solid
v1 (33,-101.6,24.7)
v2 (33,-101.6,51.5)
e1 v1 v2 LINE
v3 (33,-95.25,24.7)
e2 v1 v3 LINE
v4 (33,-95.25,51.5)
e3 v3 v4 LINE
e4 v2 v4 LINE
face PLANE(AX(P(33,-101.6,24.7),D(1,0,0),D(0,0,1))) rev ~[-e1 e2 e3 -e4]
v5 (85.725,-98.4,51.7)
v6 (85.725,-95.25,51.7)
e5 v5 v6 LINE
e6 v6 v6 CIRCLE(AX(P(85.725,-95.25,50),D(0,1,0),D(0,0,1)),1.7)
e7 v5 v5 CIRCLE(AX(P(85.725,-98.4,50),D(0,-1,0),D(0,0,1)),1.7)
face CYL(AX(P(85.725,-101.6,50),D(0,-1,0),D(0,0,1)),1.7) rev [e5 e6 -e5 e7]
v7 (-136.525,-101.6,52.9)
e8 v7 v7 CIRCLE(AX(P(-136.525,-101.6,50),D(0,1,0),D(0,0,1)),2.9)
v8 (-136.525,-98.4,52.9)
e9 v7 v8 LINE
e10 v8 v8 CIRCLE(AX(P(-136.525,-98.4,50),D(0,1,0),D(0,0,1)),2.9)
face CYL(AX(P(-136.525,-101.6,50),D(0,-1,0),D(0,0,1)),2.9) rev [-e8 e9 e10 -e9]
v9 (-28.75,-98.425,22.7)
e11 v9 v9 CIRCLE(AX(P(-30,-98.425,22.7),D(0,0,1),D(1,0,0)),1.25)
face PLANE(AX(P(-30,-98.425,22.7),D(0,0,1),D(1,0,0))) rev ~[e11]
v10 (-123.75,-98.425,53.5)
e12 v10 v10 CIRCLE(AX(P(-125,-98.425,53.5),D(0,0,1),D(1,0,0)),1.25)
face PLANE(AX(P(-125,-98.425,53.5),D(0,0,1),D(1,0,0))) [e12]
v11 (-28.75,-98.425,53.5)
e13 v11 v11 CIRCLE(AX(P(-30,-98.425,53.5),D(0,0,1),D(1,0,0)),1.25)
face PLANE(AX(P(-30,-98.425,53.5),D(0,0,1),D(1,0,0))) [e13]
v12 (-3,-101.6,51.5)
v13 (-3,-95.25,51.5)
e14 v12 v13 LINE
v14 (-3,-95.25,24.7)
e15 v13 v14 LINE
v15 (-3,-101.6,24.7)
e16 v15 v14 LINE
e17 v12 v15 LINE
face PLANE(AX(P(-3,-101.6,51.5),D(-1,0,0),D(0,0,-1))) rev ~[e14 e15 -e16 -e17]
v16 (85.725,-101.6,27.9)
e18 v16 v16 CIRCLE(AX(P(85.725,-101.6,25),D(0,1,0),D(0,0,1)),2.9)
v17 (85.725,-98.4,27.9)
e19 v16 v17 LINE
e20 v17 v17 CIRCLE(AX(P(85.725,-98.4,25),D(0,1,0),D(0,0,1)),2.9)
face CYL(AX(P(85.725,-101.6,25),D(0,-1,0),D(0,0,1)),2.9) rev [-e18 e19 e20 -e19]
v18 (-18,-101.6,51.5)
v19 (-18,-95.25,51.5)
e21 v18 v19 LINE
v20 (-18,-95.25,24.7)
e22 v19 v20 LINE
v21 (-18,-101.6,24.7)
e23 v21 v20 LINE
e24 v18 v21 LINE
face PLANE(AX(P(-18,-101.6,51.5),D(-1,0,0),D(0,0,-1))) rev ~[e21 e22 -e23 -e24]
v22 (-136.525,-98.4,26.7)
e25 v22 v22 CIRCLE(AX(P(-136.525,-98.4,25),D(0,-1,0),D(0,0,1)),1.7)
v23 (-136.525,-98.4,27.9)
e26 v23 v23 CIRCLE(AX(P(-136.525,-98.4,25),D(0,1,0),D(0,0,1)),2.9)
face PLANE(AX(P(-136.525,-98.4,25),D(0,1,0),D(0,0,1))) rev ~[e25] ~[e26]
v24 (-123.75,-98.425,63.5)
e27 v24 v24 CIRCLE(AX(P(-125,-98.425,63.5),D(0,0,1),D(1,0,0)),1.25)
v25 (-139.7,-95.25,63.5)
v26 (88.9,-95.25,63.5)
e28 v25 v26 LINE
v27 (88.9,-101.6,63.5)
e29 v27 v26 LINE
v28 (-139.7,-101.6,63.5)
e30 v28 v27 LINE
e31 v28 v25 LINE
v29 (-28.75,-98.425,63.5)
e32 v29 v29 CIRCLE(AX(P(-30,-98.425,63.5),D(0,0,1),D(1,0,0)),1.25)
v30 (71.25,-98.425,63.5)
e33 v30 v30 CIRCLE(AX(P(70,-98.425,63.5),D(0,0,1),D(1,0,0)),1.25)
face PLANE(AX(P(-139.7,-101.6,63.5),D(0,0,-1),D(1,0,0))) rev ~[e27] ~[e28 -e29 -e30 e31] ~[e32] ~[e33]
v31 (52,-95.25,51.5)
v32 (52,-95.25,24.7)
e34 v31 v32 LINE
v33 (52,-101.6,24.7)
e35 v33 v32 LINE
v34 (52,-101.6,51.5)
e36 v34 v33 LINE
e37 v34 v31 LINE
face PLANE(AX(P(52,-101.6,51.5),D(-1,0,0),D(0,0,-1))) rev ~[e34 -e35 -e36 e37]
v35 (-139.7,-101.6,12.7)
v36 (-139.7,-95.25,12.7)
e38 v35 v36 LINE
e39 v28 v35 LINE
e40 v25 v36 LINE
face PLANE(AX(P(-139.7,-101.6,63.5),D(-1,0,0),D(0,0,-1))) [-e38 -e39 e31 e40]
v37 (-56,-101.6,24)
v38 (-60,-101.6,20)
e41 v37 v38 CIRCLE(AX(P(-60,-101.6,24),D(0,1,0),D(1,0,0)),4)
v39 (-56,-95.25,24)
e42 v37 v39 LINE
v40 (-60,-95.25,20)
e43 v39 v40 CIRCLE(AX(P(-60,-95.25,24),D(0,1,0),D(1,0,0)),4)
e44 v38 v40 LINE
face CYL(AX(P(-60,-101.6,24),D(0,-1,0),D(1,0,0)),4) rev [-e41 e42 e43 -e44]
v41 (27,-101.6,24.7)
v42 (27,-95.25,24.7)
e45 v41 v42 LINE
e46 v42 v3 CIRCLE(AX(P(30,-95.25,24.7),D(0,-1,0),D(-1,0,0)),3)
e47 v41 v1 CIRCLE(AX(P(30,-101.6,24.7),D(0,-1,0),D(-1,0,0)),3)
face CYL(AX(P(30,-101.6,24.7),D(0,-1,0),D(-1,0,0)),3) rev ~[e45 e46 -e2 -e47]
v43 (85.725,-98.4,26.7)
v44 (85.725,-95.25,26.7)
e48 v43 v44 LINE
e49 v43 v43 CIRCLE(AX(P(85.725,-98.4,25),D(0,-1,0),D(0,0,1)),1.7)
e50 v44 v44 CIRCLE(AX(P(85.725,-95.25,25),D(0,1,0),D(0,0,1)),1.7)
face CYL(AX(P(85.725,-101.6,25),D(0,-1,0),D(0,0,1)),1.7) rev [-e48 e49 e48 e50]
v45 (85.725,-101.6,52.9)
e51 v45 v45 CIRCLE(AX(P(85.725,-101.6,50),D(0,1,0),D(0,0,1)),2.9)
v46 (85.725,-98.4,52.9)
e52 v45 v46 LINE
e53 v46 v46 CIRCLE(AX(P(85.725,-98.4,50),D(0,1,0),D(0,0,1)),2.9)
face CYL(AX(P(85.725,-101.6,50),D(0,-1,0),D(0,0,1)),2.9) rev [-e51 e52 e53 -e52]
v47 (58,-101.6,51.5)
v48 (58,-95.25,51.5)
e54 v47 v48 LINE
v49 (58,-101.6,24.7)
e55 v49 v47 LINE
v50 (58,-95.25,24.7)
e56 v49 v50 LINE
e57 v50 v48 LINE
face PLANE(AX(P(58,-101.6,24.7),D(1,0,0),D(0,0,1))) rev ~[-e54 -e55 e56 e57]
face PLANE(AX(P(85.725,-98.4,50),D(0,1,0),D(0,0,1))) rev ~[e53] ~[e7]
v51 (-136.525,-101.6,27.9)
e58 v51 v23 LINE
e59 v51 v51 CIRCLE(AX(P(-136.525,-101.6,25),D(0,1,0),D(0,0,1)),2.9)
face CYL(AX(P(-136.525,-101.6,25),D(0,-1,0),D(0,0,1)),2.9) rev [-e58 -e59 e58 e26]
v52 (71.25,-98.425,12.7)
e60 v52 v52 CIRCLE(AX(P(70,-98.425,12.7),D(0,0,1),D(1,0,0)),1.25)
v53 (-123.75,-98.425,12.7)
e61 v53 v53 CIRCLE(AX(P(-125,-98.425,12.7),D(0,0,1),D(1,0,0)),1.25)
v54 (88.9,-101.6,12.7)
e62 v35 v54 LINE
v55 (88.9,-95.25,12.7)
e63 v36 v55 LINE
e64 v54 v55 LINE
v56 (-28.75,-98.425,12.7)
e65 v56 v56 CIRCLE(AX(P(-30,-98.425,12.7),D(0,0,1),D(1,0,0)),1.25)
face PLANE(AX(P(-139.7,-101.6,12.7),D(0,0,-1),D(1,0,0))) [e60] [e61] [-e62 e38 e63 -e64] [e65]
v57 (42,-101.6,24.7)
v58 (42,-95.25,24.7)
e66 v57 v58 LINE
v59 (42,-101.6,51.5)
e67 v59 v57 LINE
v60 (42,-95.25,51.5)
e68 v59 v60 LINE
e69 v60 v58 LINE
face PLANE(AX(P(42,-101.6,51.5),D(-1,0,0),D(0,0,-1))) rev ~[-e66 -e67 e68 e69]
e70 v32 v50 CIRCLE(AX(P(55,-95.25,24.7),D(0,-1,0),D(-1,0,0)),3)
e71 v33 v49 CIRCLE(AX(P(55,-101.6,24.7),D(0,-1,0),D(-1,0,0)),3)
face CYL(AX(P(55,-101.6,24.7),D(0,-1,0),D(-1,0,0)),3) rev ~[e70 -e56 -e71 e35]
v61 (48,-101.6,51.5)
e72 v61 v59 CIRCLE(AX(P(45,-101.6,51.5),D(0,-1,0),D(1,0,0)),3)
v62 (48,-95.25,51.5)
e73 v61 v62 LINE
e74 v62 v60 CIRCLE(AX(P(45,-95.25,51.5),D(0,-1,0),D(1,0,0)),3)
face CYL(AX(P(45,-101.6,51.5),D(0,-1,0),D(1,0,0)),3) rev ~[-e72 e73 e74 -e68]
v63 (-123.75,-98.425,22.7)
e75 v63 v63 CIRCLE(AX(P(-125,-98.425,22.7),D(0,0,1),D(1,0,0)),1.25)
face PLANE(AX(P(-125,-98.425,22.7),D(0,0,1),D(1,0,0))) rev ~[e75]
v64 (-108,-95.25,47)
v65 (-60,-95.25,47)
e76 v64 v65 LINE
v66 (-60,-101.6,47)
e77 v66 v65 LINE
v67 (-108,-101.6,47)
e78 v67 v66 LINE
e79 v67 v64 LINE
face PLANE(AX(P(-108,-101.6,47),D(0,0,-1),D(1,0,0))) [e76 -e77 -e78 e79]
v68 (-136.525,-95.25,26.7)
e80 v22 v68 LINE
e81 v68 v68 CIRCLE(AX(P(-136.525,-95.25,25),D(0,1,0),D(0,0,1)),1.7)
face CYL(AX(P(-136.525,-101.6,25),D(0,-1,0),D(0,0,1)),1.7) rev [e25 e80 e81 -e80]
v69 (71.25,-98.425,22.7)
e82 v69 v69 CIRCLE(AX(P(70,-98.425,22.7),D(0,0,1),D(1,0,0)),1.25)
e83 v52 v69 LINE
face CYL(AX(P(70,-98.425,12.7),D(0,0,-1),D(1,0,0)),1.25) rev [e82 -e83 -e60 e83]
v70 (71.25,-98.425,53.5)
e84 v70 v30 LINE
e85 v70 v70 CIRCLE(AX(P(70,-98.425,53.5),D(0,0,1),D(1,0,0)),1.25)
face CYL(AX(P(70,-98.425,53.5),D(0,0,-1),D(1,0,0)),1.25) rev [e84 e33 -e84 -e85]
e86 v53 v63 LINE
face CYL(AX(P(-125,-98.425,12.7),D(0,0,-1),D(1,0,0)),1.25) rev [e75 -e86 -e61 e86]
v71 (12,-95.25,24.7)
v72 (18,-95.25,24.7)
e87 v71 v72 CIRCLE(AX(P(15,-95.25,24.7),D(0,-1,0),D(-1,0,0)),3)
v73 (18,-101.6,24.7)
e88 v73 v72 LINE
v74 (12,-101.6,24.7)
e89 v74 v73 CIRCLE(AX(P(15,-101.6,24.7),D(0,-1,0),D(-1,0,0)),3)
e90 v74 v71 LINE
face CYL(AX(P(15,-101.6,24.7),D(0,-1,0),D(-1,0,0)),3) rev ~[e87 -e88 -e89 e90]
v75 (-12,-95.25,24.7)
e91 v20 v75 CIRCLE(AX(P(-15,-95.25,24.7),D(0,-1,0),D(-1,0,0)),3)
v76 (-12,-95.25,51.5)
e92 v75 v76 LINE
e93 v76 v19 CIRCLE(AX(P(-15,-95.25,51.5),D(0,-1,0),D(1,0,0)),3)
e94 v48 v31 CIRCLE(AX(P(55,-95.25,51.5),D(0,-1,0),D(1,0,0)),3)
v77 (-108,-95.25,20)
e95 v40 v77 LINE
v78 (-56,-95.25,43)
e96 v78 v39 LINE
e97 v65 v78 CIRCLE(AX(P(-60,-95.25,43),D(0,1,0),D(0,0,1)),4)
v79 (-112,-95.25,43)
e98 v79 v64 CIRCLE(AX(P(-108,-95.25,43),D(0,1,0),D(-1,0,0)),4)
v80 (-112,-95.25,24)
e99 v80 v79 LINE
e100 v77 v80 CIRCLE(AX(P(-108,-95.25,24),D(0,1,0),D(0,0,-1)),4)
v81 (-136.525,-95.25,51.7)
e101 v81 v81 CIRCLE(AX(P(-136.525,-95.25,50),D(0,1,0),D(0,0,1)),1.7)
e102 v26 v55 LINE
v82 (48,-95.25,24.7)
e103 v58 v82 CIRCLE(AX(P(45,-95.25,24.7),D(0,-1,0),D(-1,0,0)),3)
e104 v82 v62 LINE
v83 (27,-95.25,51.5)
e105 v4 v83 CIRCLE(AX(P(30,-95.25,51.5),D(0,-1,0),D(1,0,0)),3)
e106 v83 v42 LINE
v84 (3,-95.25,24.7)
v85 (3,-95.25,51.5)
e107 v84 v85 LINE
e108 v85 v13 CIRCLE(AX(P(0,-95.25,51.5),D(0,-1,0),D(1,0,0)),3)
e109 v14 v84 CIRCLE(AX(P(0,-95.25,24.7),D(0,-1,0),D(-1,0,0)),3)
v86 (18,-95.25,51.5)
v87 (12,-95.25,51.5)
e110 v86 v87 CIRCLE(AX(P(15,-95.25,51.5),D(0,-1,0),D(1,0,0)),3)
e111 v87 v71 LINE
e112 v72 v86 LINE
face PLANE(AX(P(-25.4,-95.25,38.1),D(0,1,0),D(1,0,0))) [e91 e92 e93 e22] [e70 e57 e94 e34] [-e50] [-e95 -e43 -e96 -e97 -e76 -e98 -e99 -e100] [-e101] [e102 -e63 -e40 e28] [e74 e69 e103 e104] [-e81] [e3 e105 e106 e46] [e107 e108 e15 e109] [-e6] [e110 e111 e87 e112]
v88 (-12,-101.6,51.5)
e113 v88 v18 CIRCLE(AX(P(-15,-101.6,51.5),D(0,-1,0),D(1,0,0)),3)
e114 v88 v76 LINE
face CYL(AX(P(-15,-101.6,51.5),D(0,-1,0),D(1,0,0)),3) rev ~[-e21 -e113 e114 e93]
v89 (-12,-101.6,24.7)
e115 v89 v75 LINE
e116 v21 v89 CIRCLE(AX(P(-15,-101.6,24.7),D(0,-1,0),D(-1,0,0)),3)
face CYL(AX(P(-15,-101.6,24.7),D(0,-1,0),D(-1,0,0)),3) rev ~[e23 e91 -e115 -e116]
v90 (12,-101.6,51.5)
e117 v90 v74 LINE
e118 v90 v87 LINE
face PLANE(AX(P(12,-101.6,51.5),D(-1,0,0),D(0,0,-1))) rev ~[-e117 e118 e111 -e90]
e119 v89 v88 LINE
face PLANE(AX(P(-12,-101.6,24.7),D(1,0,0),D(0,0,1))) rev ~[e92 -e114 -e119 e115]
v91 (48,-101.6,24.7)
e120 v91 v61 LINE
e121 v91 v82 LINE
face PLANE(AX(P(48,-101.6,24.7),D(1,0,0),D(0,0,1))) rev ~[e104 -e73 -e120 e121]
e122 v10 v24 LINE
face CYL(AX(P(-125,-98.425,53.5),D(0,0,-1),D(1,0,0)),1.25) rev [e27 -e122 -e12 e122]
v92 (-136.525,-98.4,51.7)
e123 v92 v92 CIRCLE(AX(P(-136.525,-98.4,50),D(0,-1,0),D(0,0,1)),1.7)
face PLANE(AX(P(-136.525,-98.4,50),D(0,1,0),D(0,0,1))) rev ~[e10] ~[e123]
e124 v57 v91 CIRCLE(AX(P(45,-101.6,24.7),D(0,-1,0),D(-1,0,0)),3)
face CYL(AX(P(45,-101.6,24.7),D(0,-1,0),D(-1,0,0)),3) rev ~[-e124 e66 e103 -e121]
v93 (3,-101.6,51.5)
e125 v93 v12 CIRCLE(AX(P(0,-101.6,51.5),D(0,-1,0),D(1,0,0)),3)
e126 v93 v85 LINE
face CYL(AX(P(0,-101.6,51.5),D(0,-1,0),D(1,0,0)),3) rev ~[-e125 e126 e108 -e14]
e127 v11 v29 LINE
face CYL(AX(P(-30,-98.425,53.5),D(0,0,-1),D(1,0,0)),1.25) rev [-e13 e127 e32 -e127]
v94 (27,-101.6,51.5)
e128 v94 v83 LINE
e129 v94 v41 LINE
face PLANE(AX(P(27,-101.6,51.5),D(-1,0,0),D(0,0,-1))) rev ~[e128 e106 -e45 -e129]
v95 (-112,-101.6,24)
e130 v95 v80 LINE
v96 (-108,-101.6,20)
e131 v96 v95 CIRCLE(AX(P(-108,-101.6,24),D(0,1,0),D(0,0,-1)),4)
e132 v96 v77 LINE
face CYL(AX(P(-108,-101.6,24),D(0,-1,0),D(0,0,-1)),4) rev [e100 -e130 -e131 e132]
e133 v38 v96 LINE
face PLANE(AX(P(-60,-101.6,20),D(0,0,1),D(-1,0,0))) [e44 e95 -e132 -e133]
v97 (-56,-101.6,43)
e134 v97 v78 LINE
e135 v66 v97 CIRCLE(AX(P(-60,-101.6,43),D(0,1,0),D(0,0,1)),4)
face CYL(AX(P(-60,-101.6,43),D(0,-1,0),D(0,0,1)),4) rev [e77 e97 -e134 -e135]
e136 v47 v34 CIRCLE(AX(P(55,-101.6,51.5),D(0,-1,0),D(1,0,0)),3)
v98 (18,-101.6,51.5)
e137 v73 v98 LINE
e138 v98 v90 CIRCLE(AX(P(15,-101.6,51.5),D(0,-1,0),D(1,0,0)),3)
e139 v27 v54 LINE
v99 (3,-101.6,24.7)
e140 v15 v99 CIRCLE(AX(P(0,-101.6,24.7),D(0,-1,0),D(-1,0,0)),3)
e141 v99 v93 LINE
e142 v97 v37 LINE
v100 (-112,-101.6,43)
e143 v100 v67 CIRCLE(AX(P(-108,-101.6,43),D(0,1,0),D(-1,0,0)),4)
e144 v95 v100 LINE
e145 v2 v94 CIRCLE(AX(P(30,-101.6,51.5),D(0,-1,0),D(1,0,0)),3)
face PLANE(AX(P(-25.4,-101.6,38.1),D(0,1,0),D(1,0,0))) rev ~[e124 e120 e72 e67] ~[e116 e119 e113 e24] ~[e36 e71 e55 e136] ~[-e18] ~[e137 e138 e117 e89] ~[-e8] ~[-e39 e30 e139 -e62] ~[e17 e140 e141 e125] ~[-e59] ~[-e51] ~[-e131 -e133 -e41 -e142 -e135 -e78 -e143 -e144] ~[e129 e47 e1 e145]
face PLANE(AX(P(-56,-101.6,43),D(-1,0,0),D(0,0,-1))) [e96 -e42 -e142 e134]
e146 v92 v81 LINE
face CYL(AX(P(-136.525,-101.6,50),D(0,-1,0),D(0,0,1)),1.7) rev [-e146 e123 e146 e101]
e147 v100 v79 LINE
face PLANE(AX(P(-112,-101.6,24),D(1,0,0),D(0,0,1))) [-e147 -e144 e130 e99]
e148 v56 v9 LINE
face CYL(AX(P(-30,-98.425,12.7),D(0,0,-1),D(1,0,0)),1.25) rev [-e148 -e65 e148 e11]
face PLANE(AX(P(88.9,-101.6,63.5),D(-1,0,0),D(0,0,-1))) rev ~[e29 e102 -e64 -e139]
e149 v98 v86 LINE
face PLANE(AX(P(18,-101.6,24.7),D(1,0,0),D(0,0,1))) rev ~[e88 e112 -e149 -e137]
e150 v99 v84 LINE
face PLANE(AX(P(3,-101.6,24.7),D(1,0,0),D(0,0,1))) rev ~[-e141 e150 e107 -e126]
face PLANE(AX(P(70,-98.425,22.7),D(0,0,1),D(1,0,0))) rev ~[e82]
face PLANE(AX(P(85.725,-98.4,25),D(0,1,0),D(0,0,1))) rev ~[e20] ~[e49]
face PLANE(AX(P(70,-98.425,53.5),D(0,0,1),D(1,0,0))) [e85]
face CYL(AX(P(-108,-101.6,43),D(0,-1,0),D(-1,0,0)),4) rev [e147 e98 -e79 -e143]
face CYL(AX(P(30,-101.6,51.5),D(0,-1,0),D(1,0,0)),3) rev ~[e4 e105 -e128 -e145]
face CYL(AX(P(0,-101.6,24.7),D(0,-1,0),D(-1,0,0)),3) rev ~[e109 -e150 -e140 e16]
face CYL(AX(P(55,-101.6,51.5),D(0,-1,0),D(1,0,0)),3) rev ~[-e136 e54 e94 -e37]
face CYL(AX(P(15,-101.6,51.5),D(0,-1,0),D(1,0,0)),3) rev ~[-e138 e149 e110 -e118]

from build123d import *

# Parameters (mm, degrees)
PARED_Y_1_4IN_START          = -101.6
CROQUIS1_W                   = 228.6
CROQUIS1_H                   = 50.8
PARED_Y_1_4IN_DEPTH          = 6.35
ROSCA_M3_INFERIOR_START      = 12.7
CROQUIS2_R                   = 1.25
ROSCA_M3_INFERIOR_DEPTH      = 10
ROSCA_M3_SUPERIOR_START      = 53.5
CROQUIS3_R                   = 1.25
ROSCA_M3_SUPERIOR_DEPTH      = 10
BARRENOS_M3_ESQUINAS_START   = -101.6
CROQUIS4_R                   = 1.7
BARRENOS_M3_ESQUINAS_DEPTH   = 6.35
REFRENTADO_M3_ESQUINAS_START = -101.6
CROQUIS5_R                   = 2.9
REFRENTADO_M3_ESQUINAS_DEPTH = 3.2
VENTANA_PUERTOS_RPI5_START   = -101.6
VENTANA_PUERTOS_RPI5_DEPTH   = 6.35
RANURAS_VENTILACION_START    = -101.6
RANURAS_VENTILACION_DEPTH    = 6.35


with BuildPart() as part:
    # Croquis1 → Pared_-Y_1-4in (new body)
    with BuildSketch(Plane(origin=(0, 0, 0), x_dir=(1, 0, 0), z_dir=(0, 1, 0)).offset(PARED_Y_1_4IN_START)):
        with Locations((-25.4, -38.1)):
            Rectangle(CROQUIS1_W, CROQUIS1_H)
    extrude(amount=PARED_Y_1_4IN_DEPTH)

    # Croquis2 → Rosca_M3_inferior (cut)
    with BuildSketch(Plane.XY.offset(ROSCA_M3_INFERIOR_START)):
        with Locations((-125, -98.425)):
            Circle(CROQUIS2_R)
        with Locations((-30, -98.425)):
            Circle(CROQUIS2_R)
        with Locations((70, -98.425)):
            Circle(CROQUIS2_R)
    extrude(amount=ROSCA_M3_INFERIOR_DEPTH, mode=Mode.SUBTRACT)

    # Croquis3 → Rosca_M3_superior (cut)
    with BuildSketch(Plane.XY.offset(ROSCA_M3_SUPERIOR_START)):
        with Locations((-125, -98.425)):
            Circle(CROQUIS3_R)
        with Locations((-30, -98.425)):
            Circle(CROQUIS3_R)
        with Locations((70, -98.425)):
            Circle(CROQUIS3_R)
    extrude(amount=ROSCA_M3_SUPERIOR_DEPTH, mode=Mode.SUBTRACT)

    # Croquis4 → Barrenos_M3_esquinas (cut)
    with BuildSketch(Plane(origin=(0, 0, 0), x_dir=(1, 0, 0), z_dir=(0, 1, 0)).offset(BARRENOS_M3_ESQUINAS_START)):
        with Locations(Location((-136.525, -25, 0), (0, 0, 270))):
            Circle(CROQUIS4_R)
        with Locations(Location((-136.525, -50, 0), (0, 0, 270))):
            Circle(CROQUIS4_R)
        with Locations(Location((85.725, -25, 0), (0, 0, 270))):
            Circle(CROQUIS4_R)
        with Locations(Location((85.725, -50, 0), (0, 0, 270))):
            Circle(CROQUIS4_R)
    extrude(amount=BARRENOS_M3_ESQUINAS_DEPTH, mode=Mode.SUBTRACT)

    # Croquis5 → Refrentado_M3_esquinas (cut)
    with BuildSketch(Plane(origin=(0, 0, 0), x_dir=(1, 0, 0), z_dir=(0, 1, 0)).offset(REFRENTADO_M3_ESQUINAS_START)):
        with Locations(Location((-136.525, -25, 0), (0, 0, 270))):
            Circle(CROQUIS5_R)
        with Locations(Location((-136.525, -50, 0), (0, 0, 270))):
            Circle(CROQUIS5_R)
        with Locations(Location((85.725, -25, 0), (0, 0, 270))):
            Circle(CROQUIS5_R)
        with Locations(Location((85.725, -50, 0), (0, 0, 270))):
            Circle(CROQUIS5_R)
    extrude(amount=REFRENTADO_M3_ESQUINAS_DEPTH, mode=Mode.SUBTRACT)

    # Croquis6 → Ventana_puertos_RPi5 (cut)
    with BuildSketch(Plane(origin=(0, 0, 0), x_dir=(1, 0, 0), z_dir=(0, 1, 0)).offset(VENTANA_PUERTOS_RPI5_START)):
        with BuildLine():
            Line((-108, -47), (-60, -47))
            ThreePointArc((-60, -47), (-57.171572875, -45.828427125), (-56, -43))
            Line((-56, -43), (-56, -24))
            ThreePointArc((-56, -24), (-57.171572875, -21.171572875), (-60, -20))
            Line((-60, -20), (-108, -20))
            ThreePointArc((-108, -20), (-110.828427125, -21.171572875), (-112, -24))
            Line((-112, -24), (-112, -43))
            ThreePointArc((-112, -43), (-110.828427125, -45.828427125), (-108, -47))
        make_face()
    extrude(amount=VENTANA_PUERTOS_RPI5_DEPTH, mode=Mode.SUBTRACT)

    # Croquis7 → Ranuras_ventilacion (cut)
    with BuildSketch(Plane(origin=(0, 0, 0), x_dir=(1, 0, 0), z_dir=(0, 1, 0)).offset(RANURAS_VENTILACION_START)):
        with BuildLine():
            Line((-12, -24.7), (-12, -51.5))
            ThreePointArc((-12, -51.5), (-15, -54.5), (-18, -51.5))
            Line((-18, -51.5), (-18, -24.7))
            ThreePointArc((-18, -24.7), (-15, -21.7), (-12, -24.7))
        make_face()
        with BuildLine():
            Line((3, -24.7), (3, -51.5))
            ThreePointArc((3, -51.5), (0, -54.5), (-3, -51.5))
            Line((-3, -51.5), (-3, -24.7))
            ThreePointArc((-3, -24.7), (0, -21.7), (3, -24.7))
        make_face()
        with BuildLine():
            Line((18, -24.7), (18, -51.5))
            ThreePointArc((18, -51.5), (15, -54.5), (12, -51.5))
            Line((12, -51.5), (12, -24.7))
            ThreePointArc((12, -24.7), (15, -21.7), (18, -24.7))
        make_face()
        with BuildLine():
            Line((33, -24.7), (33, -51.5))
            ThreePointArc((33, -51.5), (30, -54.5), (27, -51.5))
            Line((27, -51.5), (27, -24.7))
            ThreePointArc((27, -24.7), (30, -21.7), (33, -24.7))
        make_face()
        with BuildLine():
            Line((48, -24.7), (48, -51.5))
            ThreePointArc((48, -51.5), (45, -54.5), (42, -51.5))
            Line((42, -51.5), (42, -24.7))
            ThreePointArc((42, -24.7), (45, -21.7), (48, -24.7))
        make_face()
        with BuildLine():
            Line((58, -24.7), (58, -51.5))
            ThreePointArc((58, -51.5), (55, -54.5), (52, -51.5))
            Line((52, -51.5), (52, -24.7))
            ThreePointArc((52, -24.7), (55, -21.7), (58, -24.7))
        make_face()
    extrude(amount=RANURAS_VENTILACION_DEPTH, mode=Mode.SUBTRACT)


solid = part.part
